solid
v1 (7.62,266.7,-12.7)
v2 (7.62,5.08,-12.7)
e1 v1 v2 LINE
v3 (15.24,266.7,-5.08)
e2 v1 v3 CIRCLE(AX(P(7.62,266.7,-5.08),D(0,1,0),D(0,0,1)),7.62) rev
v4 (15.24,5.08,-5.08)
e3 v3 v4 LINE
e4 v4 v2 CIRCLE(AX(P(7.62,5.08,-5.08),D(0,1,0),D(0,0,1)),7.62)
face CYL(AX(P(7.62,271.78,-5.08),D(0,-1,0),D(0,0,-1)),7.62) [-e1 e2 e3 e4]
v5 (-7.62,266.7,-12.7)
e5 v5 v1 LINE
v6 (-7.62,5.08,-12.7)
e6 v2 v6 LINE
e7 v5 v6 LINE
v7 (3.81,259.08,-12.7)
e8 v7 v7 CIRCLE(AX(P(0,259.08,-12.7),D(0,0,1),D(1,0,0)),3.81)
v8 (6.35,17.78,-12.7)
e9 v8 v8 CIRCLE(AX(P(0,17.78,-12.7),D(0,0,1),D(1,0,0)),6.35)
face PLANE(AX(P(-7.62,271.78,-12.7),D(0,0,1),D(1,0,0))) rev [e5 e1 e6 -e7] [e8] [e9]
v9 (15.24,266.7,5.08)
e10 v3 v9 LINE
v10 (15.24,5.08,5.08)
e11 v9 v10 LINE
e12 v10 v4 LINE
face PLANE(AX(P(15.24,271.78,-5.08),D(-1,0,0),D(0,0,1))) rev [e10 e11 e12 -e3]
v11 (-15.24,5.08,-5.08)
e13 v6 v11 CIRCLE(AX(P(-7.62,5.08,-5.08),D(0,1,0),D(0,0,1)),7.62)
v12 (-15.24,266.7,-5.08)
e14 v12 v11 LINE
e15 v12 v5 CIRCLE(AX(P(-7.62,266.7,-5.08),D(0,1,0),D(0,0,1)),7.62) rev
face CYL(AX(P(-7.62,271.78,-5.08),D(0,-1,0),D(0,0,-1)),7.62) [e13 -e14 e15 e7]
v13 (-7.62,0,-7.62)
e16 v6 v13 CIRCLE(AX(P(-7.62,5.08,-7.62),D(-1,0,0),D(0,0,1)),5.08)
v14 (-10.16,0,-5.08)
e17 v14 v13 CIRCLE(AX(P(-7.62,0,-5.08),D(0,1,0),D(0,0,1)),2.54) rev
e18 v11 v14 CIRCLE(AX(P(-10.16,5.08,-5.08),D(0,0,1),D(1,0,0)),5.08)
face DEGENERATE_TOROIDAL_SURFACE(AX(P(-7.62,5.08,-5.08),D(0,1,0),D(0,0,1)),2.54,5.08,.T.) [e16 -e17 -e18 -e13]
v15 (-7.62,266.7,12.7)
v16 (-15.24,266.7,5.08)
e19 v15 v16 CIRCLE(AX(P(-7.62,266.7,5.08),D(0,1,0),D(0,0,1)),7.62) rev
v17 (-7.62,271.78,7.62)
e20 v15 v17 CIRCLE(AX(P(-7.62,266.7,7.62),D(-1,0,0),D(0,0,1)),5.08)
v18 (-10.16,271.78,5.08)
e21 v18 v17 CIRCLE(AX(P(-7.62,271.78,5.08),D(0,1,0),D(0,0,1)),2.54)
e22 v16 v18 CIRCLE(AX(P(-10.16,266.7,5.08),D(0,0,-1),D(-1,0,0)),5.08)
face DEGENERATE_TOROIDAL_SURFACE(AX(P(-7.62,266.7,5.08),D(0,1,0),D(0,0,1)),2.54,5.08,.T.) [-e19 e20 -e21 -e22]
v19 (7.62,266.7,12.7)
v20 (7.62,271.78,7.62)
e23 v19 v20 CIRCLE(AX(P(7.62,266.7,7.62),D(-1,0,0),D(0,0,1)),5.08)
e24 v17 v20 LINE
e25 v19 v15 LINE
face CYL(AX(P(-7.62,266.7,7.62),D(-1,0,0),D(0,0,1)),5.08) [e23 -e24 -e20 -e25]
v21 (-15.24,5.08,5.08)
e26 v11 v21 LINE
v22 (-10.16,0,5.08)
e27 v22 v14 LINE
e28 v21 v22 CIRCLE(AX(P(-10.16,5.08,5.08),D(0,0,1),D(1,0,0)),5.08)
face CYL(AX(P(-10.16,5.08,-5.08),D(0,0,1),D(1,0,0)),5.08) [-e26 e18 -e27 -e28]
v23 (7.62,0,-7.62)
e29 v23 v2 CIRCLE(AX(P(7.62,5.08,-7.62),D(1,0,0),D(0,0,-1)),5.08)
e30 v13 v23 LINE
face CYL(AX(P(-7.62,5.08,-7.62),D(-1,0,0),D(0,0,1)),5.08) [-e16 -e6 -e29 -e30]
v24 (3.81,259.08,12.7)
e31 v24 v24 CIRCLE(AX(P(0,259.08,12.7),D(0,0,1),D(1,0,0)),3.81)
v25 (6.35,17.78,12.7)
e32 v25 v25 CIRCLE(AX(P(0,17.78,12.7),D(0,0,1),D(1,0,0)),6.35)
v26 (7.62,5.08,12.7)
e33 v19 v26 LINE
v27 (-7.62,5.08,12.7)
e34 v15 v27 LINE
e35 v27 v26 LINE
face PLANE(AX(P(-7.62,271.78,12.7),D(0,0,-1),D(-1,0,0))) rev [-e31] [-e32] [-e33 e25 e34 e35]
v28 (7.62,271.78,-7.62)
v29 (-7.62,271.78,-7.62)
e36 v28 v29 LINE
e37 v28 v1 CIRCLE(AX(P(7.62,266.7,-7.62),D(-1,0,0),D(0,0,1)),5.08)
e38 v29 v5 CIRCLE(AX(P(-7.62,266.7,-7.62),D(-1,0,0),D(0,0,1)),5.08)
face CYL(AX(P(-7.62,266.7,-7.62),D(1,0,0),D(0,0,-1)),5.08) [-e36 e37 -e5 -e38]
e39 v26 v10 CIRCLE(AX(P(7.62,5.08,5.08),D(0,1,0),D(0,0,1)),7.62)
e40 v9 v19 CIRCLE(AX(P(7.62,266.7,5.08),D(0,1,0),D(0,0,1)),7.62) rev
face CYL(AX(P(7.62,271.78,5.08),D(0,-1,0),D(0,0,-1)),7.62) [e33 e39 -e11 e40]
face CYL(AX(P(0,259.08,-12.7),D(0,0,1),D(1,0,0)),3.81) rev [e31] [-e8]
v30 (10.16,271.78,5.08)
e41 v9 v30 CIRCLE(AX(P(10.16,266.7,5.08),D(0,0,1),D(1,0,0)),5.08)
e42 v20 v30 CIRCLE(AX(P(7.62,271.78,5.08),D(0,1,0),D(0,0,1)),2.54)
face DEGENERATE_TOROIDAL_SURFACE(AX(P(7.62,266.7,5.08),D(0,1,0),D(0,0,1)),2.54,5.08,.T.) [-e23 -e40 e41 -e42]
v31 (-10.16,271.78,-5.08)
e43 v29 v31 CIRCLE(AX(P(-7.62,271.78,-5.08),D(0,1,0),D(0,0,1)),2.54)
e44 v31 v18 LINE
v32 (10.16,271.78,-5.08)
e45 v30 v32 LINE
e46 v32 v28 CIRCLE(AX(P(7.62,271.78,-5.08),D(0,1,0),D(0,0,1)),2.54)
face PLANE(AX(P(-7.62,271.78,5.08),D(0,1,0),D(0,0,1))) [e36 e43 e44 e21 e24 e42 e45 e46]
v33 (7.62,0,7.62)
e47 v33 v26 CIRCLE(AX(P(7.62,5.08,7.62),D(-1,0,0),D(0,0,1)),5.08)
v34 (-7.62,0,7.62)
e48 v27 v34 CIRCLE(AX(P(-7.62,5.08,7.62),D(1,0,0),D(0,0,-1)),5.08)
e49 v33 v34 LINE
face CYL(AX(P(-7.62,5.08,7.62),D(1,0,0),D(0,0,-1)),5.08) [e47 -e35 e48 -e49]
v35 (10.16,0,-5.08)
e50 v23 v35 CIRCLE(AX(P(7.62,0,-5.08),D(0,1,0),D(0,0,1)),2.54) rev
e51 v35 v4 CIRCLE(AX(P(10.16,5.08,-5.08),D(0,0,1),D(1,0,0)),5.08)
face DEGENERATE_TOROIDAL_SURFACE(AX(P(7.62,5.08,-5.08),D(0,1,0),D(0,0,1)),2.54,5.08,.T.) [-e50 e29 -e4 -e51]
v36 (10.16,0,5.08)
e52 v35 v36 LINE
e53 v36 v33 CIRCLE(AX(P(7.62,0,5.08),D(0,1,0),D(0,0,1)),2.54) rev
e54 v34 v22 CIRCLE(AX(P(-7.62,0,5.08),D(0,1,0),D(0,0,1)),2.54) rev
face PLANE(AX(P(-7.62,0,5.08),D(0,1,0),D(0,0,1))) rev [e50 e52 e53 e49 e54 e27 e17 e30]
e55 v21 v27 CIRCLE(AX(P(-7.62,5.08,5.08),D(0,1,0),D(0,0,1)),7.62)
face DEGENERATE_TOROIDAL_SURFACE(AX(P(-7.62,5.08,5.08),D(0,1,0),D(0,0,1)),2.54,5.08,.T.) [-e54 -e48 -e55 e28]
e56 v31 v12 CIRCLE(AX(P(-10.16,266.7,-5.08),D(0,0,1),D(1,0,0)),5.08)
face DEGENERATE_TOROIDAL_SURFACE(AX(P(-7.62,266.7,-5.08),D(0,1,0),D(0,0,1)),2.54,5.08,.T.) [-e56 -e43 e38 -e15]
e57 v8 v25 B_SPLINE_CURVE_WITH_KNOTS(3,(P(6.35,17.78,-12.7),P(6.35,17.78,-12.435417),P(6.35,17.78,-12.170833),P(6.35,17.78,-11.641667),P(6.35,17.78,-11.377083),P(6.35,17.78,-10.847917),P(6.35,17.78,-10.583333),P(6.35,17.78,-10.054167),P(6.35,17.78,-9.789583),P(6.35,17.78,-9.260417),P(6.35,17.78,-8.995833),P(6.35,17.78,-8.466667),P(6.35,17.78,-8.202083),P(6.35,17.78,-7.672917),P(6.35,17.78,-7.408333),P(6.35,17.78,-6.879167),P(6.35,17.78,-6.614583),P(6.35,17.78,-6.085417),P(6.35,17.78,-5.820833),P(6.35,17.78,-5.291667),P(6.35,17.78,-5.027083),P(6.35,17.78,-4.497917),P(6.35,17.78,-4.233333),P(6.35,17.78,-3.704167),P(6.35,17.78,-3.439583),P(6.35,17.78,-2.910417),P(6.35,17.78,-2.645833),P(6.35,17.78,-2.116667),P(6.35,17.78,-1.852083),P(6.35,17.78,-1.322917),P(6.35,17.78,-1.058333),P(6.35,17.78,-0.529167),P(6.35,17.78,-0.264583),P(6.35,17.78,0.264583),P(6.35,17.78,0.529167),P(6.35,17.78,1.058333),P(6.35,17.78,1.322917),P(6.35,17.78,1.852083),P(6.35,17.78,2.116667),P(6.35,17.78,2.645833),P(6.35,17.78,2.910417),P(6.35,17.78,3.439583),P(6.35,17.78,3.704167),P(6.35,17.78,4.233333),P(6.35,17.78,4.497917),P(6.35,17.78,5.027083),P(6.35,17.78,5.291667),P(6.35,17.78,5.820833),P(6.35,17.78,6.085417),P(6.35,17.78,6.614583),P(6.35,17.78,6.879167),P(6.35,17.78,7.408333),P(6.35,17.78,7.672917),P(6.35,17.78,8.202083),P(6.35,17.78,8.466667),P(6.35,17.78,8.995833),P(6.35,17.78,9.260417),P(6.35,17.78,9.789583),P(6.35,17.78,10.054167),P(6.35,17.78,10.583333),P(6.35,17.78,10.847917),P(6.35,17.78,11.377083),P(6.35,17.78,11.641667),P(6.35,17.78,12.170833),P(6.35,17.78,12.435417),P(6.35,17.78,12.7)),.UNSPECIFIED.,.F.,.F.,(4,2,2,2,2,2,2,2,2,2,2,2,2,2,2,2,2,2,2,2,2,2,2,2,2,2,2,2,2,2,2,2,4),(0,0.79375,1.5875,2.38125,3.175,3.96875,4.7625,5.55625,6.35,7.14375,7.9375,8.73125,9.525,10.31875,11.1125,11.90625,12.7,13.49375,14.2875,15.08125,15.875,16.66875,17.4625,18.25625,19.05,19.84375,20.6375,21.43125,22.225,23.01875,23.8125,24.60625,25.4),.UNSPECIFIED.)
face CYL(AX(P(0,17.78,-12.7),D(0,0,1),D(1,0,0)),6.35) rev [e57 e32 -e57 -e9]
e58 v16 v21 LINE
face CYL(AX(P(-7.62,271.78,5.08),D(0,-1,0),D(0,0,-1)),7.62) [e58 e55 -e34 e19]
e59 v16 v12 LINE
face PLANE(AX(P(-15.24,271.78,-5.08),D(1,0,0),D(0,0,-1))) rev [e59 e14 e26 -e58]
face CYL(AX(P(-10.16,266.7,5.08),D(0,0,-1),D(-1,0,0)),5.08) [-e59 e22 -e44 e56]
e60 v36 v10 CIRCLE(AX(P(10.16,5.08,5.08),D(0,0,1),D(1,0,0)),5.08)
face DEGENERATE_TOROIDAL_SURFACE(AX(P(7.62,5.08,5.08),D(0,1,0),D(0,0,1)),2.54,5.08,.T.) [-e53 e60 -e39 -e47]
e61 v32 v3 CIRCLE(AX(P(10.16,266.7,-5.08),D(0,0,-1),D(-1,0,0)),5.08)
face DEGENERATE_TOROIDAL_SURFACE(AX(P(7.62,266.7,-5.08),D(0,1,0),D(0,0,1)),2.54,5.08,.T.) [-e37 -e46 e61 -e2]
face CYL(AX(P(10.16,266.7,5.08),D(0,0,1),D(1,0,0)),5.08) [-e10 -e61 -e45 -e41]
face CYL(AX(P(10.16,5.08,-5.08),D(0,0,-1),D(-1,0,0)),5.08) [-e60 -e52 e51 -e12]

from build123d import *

# Parameters (mm, degrees)
BOSS_EXTRUDE1_DEPTH = 271.78
SKETCH2_R           = 6.35
CUT_EXTRUDE1_DEPTH  = 274.389440176
SKETCH3_R           = 3.81
CUT_EXTRUDE2_DEPTH  = 274.389440176
FILLET1_R           = 5.08
FILLET2_R           = 5.08


with BuildPart() as part:
    # Sketch1 → Boss-Extrude1 (new body)
    with BuildSketch(Plane(origin=(0, 0, 0), x_dir=(1, 0, 0), z_dir=(0, 1, 0))):
        with BuildLine():
            Line((-7.62, 12.7), (7.62, 12.7))
            ThreePointArc((7.62, 12.7), (13.008153673, 10.468153673), (15.24, 5.08))
            Line((15.24, 5.08), (15.24, -5.08))
            ThreePointArc((15.24, -5.08), (13.008153673, -10.468153673), (7.62, -12.7))
            Line((7.62, -12.7), (-7.62, -12.7))
            ThreePointArc((-7.62, -12.7), (-13.008153673, -10.468153673), (-15.24, -5.08))
            Line((-15.24, -5.08), (-15.24, 5.08))
            ThreePointArc((-15.24, 5.08), (-13.008153673, 10.468153673), (-7.62, 12.7))
        make_face()
    extrude(amount=BOSS_EXTRUDE1_DEPTH)

    # Sketch2 → Cut-Extrude1 (cut, through all)
    with BuildSketch(Plane.XY.offset(12.7)):
        with Locations((0, 17.78)):
            Circle(SKETCH2_R)
    extrude(amount=-CUT_EXTRUDE1_DEPTH, mode=Mode.SUBTRACT)

    # Sketch3 → Cut-Extrude2 (cut, through all)
    with BuildSketch(Plane.XY.offset(12.7)):
        with Locations((0, 259.08)):
            Circle(SKETCH3_R)
    extrude(amount=-CUT_EXTRUDE2_DEPTH, mode=Mode.SUBTRACT)

    # Fillet1
    fillet1_edges = [part.edges().sort_by_distance(p)[0] for p in [
        (13.008153673, 271.78, 10.468153673),
        (15.24, 271.78, 0),
        (13.008153673, 271.78, -10.468153673),
        (0, 271.78, -12.7),
        (-13.008153673, 271.78, -10.468153673),
        (-15.24, 271.78, 0),
        (-13.008153673, 271.78, 10.468153673),
        (0, 271.78, 12.7),
    ]]
    fillet(fillet1_edges, radius=FILLET1_R)

    # Fillet2
    fillet2_edges = [part.edges().sort_by_distance(p)[0] for p in [
        (0, 0, 12.7),
        (-13.008153673, 0, 10.468153673),
        (-15.24, 0, 0),
        (-13.008153673, 0, -10.468153673),
        (0, 0, -12.7),
        (13.008153673, 0, -10.468153673),
        (15.24, 0, 0),
        (13.008153673, 0, 10.468153673),
    ]]
    fillet(fillet2_edges, radius=FILLET2_R)


solid = part.part
